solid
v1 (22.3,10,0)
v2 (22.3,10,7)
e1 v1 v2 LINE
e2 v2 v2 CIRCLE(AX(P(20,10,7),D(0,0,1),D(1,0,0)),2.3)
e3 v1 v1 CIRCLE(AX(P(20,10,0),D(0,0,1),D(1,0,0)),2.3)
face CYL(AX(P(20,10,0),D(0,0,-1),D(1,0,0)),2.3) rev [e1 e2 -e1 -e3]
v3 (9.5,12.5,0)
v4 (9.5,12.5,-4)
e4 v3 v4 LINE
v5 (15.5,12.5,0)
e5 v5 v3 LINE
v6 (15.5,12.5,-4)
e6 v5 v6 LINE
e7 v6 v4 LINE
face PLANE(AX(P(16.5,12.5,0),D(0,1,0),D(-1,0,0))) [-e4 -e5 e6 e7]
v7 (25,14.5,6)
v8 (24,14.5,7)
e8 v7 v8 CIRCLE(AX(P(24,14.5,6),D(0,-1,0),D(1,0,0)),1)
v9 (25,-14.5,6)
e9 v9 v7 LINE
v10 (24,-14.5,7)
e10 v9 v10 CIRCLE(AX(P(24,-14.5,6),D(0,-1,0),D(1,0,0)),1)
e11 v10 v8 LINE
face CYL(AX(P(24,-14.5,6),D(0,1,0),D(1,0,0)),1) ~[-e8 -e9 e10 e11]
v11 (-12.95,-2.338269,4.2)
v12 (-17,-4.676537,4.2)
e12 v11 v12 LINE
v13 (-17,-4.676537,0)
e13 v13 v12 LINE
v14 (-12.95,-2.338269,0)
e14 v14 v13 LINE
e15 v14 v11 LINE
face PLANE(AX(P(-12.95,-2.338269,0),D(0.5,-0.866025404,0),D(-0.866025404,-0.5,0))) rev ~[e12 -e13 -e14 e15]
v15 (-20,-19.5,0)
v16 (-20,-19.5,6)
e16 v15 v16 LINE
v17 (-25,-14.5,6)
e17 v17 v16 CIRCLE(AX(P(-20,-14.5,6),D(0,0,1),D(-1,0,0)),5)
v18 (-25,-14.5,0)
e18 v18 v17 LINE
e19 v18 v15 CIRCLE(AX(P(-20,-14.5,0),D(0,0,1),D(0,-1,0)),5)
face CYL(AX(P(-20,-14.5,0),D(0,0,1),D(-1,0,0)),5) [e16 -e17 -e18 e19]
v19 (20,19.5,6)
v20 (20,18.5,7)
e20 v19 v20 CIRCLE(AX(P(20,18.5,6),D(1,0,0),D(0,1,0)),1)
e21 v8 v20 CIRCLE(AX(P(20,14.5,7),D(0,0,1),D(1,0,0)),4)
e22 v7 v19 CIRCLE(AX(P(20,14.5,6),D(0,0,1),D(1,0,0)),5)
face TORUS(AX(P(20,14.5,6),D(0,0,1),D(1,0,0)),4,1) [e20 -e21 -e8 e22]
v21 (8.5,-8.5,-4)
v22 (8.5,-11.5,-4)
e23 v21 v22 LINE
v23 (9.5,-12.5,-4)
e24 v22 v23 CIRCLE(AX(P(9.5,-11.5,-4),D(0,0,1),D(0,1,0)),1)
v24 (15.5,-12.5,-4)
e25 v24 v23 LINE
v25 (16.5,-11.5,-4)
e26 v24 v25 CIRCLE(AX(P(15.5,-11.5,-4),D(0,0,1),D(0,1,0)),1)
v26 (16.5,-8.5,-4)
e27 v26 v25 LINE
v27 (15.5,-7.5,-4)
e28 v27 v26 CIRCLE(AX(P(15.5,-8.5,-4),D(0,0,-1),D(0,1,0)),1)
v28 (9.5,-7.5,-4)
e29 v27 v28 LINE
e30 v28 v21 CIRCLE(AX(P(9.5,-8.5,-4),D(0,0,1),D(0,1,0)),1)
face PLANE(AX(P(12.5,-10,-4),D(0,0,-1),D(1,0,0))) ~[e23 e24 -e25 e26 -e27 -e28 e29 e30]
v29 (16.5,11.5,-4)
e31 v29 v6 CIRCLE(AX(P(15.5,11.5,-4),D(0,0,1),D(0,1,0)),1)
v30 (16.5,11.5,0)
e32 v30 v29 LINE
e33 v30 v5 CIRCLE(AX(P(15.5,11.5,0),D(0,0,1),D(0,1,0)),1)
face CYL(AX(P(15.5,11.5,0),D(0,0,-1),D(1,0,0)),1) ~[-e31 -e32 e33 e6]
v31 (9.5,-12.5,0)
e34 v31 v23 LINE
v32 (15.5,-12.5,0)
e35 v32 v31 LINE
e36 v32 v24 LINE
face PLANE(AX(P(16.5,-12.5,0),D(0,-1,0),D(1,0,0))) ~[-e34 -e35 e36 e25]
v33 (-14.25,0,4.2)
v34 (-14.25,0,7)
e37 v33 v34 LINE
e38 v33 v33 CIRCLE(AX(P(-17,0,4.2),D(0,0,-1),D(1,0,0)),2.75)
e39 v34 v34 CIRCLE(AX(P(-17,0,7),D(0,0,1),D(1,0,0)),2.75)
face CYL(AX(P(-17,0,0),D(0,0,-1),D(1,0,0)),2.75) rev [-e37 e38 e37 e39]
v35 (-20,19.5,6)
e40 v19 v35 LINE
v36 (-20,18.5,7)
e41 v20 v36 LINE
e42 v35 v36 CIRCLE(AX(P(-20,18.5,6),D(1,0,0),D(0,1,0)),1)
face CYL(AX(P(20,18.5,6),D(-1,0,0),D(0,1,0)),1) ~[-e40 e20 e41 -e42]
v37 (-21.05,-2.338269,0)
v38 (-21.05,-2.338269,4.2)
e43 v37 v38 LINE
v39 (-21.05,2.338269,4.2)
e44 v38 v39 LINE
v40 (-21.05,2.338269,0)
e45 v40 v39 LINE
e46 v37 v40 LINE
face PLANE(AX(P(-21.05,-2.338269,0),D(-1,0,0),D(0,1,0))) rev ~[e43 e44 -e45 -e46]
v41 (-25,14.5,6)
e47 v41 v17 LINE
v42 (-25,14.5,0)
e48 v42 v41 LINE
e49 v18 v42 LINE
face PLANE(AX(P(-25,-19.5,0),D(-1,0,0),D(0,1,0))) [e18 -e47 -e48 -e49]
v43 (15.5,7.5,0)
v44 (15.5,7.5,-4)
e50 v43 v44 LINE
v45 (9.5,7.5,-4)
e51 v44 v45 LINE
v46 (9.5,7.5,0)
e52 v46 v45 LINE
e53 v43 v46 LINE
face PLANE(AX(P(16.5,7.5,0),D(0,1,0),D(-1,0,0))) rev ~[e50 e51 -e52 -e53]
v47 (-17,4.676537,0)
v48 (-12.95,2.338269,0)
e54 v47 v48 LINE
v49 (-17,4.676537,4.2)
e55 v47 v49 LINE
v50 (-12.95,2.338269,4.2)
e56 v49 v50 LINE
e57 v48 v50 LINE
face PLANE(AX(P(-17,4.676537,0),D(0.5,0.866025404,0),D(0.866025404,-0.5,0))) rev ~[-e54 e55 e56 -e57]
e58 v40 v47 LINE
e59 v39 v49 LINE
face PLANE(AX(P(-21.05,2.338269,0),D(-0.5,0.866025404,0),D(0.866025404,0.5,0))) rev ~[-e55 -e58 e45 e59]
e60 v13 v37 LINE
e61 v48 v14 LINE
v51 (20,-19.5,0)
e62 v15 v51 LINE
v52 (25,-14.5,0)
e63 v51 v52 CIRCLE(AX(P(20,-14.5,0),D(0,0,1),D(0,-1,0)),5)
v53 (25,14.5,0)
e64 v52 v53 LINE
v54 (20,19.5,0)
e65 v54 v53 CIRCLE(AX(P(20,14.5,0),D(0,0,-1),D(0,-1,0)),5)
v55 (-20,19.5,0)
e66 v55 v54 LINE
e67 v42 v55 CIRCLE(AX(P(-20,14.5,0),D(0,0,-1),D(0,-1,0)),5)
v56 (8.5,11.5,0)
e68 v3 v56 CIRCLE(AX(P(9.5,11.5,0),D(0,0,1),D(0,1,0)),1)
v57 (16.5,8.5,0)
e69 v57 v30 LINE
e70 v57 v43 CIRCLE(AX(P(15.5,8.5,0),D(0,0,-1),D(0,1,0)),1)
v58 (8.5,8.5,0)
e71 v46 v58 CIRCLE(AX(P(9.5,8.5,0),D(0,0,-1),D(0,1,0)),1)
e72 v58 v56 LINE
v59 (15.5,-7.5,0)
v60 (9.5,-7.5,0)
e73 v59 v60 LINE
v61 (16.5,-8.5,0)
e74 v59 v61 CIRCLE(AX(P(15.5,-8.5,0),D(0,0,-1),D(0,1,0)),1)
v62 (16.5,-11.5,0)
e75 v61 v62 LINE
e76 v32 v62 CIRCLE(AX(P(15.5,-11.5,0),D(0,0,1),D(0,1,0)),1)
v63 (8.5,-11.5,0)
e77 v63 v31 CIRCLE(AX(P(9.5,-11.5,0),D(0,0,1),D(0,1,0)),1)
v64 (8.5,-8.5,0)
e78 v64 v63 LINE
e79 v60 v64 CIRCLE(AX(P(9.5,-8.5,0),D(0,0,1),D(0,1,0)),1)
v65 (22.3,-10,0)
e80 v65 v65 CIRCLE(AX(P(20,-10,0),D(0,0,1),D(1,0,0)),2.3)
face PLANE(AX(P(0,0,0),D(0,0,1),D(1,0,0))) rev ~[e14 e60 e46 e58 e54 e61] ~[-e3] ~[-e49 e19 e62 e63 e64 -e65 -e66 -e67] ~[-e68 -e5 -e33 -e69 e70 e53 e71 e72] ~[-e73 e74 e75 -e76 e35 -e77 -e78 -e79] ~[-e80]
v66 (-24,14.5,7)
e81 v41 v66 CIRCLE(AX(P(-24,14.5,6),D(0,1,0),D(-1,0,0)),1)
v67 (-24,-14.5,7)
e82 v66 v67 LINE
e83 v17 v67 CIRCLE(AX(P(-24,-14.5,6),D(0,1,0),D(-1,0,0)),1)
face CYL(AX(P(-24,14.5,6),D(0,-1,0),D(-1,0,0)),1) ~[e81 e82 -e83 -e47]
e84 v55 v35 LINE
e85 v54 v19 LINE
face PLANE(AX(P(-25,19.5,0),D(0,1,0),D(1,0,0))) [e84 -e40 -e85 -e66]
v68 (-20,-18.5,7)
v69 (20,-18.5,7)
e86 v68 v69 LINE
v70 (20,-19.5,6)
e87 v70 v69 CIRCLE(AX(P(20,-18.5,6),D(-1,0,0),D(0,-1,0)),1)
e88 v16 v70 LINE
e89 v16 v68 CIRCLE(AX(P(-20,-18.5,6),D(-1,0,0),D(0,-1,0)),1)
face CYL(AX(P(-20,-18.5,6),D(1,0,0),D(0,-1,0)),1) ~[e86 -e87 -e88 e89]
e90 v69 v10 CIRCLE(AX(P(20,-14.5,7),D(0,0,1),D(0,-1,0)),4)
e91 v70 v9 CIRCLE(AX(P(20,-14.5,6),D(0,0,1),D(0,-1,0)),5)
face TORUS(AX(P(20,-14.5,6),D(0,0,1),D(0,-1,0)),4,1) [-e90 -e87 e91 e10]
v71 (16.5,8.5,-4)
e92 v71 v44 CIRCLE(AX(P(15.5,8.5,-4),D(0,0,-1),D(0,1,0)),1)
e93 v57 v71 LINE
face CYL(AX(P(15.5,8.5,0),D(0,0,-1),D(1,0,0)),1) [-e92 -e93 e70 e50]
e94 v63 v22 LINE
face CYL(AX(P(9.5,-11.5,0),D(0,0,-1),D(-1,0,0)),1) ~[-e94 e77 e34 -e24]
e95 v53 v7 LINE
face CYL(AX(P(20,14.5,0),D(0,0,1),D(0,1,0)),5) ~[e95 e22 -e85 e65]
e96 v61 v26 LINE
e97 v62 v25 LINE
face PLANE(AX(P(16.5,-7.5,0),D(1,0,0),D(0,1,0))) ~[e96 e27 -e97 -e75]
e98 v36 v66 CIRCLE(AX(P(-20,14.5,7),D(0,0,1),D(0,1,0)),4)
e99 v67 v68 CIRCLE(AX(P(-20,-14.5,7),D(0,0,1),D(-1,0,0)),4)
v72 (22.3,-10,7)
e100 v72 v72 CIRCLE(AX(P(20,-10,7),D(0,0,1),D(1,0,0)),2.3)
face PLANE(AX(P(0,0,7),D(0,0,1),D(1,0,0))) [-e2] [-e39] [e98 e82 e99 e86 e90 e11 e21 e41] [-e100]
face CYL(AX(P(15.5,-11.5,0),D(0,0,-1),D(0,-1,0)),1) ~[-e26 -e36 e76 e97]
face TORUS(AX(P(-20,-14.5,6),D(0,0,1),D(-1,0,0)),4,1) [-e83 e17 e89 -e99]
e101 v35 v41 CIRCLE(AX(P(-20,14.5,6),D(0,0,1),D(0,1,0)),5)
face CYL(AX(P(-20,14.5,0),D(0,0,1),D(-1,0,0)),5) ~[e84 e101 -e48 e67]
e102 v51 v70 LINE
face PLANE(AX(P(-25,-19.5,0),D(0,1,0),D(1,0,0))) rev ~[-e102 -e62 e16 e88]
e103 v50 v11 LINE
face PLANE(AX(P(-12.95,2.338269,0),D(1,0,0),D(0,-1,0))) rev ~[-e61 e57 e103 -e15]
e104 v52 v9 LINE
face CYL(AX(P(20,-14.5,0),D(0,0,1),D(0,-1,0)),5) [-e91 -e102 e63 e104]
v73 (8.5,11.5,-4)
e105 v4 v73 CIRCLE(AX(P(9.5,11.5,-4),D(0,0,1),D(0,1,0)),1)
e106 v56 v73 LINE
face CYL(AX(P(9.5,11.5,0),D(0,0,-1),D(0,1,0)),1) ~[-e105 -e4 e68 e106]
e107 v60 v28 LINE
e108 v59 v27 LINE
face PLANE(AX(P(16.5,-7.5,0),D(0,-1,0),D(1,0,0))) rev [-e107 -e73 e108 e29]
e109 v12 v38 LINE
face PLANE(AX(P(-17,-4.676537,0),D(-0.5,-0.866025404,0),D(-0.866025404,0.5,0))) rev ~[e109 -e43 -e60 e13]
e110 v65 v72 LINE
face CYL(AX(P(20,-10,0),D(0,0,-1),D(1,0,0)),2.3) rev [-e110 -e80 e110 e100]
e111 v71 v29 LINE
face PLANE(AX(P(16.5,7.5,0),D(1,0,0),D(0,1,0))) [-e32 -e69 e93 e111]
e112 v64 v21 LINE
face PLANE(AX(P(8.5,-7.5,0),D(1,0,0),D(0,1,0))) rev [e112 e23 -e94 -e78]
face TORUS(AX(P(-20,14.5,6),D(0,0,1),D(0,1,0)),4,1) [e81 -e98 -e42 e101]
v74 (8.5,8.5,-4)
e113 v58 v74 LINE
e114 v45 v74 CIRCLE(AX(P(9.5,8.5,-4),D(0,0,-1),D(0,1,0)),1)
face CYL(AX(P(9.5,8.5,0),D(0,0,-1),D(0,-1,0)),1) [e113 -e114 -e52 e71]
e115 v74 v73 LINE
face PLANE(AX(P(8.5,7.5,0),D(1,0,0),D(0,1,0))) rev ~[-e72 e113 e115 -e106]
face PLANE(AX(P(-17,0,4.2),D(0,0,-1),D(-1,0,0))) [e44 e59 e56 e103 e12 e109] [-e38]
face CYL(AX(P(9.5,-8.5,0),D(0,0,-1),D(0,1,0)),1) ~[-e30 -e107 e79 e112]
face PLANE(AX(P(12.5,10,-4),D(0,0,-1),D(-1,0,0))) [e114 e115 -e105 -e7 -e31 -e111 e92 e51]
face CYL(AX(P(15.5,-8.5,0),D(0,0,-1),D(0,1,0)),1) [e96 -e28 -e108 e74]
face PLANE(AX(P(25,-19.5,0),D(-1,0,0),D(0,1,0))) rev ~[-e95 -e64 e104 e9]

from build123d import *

# Parameters (mm, degrees)
SKETCH1_W           = 50
SKETCH1_H           = 39
SKETCH1_R           = 2.75
SKETCH1_R_2         = 2.3
BOSS_EXTRUDE1_DEPTH = 7
CUT_EXTRUDE1_DEPTH  = 4.2
FILLET1_R           = 5
SKETCH3_W           = 8
SKETCH3_H           = 5
BOSS_EXTRUDE2_DEPTH = 4
FILLET2_R           = 1
FILLET3_R           = 1
FILLET4_R           = 1


with BuildPart() as part:
    # Sketch1 → Boss-Extrude1 (new body)
    with BuildSketch(Plane.XY):
        Rectangle(SKETCH1_W, SKETCH1_H)
        with Locations((-17, 0)):
            Circle(SKETCH1_R, mode=Mode.SUBTRACT)
        with Locations((20, 10)):
            Circle(SKETCH1_R_2, mode=Mode.SUBTRACT)
        with Locations((20, -10)):
            Circle(SKETCH1_R_2, mode=Mode.SUBTRACT)
    extrude(amount=BOSS_EXTRUDE1_DEPTH)

    # Sketch2 → Cut-Extrude1 (cut)
    with BuildSketch(Plane(origin=(0, 0, 0), x_dir=(-1, 0, 0), z_dir=(0, 0, -1))):
        Polygon((17, 4.67653718), (12.95, 2.33826859), (12.95, -2.33826859), (17, -4.67653718), (21.05, -2.33826859), (21.05, 2.33826859), align=None)
    extrude(amount=-CUT_EXTRUDE1_DEPTH, mode=Mode.SUBTRACT)

    # Fillet1
    fillet1_edges = [part.edges().sort_by_distance(p)[0] for p in [
        (25, -19.5, 3.5),
        (-25, -19.5, 3.5),
        (-25, 19.5, 3.5),
        (25, 19.5, 3.5),
    ]]
    fillet(fillet1_edges, radius=FILLET1_R)

    # Sketch3 → Boss-Extrude2 (add)
    with BuildSketch(Plane(origin=(0, 0, 0), x_dir=(-1, 0, 0), z_dir=(0, 0, -1))):
        with Locations((-12.5, 10)):
            Rectangle(SKETCH3_W, SKETCH3_H)
    boss_extrude2 = extrude(amount=BOSS_EXTRUDE2_DEPTH)

    # Mirror1: Boss-Extrude2 across plane
    add(boss_extrude2.mirror(Plane.ZX))

    # Fillet2
    fillet2_edges = [part.edges().sort_by_distance(p)[0] for p in [
        (8.5, 7.5, -2),
        (8.5, 12.5, -2),
        (16.5, 12.5, -2),
        (16.5, 7.5, -2),
    ]]
    fillet(fillet2_edges, radius=FILLET2_R)

    # Fillet3
    fillet3_edges = [part.edges().sort_by_distance(p)[0] for p in [
        (8.5, -12.5, -2),
        (8.5, -7.5, -2),
        (16.5, -7.5, -2),
        (16.5, -12.5, -2),
    ]]
    fillet(fillet3_edges, radius=FILLET3_R)

    # Fillet4
    fillet4_edges = [part.edges().sort_by_distance(p)[0] for p in [
        (25, 0, 7),
        (0, -19.5, 7),
        (0, 19.5, 7),
        (-25, 0, 7),
        (23.535533906, 18.035533906, 7),
        (-23.535533906, 18.035533906, 7),
        (-23.535533906, -18.035533906, 7),
        (23.535533906, -18.035533906, 7),
    ]]
    fillet(fillet4_edges, radius=FILLET4_R)


solid = part.part
